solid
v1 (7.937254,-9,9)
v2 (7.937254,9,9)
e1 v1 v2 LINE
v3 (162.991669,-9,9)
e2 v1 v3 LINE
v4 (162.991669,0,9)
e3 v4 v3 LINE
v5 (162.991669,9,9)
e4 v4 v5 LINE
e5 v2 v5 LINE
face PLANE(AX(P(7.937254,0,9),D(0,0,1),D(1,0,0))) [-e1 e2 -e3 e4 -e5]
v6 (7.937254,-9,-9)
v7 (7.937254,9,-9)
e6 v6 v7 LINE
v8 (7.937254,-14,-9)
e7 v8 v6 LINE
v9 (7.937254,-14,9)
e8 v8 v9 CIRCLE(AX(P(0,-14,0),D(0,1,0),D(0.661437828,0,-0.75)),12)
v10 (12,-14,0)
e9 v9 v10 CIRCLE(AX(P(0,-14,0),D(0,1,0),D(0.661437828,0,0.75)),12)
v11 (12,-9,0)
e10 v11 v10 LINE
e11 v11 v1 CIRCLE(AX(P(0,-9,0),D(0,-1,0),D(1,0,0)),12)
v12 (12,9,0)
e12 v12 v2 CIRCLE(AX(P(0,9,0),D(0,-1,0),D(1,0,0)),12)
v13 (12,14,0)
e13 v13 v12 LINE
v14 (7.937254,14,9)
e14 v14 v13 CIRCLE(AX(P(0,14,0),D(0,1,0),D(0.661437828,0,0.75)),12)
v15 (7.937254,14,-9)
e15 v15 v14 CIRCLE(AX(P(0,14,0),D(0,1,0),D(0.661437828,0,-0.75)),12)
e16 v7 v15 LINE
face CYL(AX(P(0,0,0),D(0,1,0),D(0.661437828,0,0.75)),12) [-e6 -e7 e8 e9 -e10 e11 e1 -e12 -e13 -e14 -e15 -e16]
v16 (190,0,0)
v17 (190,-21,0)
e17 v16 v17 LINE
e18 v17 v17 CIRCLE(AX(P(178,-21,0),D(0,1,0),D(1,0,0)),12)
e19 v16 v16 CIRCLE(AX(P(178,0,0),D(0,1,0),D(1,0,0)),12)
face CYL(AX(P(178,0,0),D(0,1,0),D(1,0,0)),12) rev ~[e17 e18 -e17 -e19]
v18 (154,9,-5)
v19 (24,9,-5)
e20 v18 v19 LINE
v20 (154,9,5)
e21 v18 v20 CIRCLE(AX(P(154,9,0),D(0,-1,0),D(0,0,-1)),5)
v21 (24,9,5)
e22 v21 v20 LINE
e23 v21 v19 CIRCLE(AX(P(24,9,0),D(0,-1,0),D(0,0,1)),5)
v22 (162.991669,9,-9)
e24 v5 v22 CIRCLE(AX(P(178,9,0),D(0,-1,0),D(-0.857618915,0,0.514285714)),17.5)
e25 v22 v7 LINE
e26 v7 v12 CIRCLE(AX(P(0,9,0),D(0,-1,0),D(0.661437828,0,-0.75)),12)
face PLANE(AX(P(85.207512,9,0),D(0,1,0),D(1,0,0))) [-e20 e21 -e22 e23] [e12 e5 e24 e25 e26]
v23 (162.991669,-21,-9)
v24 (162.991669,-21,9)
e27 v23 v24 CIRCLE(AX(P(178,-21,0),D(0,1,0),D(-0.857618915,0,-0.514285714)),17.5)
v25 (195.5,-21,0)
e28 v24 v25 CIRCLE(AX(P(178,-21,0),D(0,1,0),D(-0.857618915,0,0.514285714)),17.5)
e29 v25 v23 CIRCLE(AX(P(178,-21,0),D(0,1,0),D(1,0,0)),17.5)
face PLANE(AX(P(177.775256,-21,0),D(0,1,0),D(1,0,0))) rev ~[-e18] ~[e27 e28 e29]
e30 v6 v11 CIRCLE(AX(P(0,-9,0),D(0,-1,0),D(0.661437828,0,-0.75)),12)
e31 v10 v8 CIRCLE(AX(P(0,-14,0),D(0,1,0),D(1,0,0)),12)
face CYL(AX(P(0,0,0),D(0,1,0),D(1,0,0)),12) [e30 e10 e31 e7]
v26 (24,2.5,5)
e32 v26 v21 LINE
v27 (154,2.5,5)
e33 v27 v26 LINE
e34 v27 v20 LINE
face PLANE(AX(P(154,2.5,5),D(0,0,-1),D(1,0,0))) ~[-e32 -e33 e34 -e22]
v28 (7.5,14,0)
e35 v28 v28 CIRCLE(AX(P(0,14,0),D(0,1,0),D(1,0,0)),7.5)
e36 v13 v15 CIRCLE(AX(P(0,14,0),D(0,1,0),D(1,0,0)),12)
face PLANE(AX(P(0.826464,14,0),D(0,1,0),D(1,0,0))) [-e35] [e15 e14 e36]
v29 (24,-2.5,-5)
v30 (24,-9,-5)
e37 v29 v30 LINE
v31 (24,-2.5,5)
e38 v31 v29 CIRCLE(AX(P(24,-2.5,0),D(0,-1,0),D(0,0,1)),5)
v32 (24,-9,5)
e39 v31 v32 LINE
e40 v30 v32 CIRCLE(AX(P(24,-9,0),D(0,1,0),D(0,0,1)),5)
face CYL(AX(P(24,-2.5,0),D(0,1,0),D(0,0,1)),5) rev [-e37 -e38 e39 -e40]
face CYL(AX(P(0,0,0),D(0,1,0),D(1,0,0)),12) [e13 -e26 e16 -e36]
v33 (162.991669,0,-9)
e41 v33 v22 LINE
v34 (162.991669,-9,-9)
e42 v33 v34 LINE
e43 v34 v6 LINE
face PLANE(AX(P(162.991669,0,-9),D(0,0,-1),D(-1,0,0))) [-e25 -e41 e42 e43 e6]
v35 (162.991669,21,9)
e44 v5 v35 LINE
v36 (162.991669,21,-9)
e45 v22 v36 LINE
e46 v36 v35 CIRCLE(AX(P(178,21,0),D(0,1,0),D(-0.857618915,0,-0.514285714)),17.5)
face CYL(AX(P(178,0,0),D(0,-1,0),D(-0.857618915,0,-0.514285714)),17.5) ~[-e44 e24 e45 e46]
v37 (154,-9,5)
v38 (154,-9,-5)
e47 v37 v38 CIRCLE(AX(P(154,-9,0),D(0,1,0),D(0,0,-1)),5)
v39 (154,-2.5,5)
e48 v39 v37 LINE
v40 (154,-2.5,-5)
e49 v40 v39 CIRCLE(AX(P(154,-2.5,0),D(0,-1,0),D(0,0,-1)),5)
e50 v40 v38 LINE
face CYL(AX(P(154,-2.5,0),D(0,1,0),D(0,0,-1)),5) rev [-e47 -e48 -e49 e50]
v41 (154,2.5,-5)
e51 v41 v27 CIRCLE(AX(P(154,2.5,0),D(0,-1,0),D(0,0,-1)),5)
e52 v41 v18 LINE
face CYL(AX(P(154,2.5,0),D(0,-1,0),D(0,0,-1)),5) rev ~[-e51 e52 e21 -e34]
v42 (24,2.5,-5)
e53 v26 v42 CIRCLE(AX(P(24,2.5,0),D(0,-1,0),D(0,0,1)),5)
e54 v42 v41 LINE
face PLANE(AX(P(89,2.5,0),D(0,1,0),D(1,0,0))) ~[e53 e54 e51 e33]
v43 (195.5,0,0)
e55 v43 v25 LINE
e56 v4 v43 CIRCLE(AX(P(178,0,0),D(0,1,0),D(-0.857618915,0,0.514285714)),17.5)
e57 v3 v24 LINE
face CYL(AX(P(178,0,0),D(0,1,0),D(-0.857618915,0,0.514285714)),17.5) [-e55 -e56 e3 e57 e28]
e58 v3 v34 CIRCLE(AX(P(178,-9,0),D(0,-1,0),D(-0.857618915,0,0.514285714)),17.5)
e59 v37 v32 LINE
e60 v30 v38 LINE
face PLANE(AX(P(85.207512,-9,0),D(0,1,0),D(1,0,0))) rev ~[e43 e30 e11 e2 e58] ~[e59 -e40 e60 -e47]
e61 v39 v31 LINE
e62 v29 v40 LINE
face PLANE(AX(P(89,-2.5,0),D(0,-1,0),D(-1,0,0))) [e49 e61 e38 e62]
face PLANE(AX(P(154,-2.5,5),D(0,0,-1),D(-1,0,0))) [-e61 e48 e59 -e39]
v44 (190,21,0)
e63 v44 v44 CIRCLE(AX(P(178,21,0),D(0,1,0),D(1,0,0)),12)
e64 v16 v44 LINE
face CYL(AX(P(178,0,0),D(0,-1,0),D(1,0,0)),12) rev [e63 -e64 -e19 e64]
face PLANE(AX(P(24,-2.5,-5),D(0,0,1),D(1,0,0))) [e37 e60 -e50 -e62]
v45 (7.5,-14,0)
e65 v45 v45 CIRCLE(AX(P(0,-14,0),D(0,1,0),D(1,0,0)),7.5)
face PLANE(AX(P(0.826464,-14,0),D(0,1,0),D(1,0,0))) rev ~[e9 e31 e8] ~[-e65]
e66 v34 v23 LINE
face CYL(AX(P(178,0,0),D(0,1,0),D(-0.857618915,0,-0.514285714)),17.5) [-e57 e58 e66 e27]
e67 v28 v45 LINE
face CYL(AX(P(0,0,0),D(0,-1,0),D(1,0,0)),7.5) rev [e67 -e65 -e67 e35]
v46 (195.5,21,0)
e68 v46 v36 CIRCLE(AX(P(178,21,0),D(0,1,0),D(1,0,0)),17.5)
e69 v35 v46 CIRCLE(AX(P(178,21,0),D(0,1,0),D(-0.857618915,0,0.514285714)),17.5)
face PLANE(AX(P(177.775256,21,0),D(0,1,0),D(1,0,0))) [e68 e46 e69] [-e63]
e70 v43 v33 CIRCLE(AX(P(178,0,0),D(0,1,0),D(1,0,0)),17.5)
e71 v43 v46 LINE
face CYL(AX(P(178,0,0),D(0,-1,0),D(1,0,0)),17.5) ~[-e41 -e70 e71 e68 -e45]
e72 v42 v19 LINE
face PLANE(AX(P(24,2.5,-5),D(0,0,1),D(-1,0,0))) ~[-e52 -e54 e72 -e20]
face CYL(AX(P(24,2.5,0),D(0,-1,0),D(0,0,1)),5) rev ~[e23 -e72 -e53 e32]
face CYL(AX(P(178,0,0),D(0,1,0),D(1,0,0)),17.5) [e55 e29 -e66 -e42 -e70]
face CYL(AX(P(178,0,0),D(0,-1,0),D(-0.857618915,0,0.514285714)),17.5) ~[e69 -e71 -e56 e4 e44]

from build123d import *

# Parameters (mm, degrees)
SKETCH1_R           = 7.5
BOSS_EXTRUDE1_DEPTH = 14
SKETCH1_6_R         = 12
BOSS_EXTRUDE4_DEPTH = 21
BOSS_EXTRUDE5_DEPTH = 9
CUT_EXTRUDE2_START  = -2.5
CUT_EXTRUDE2_DEPTH  = 18


with BuildPart() as part:
    # Sketch1 → Boss-Extrude1 (new, symmetric)
    with BuildSketch(Plane(origin=(0, 0, 0), x_dir=(1, 0, 0), z_dir=(0, 1, 0))):
        with BuildLine():
            ThreePointArc((12, 0), (10.937253933, 4.937253933), (7.937253933, 9))
            ThreePointArc((7.937253933, 9), (-12, 0), (7.937253933, -9))
            ThreePointArc((7.937253933, -9), (10.937253933, -4.937253933), (12, 0))
        make_face()
        Circle(SKETCH1_R, mode=Mode.SUBTRACT)
    extrude(amount=BOSS_EXTRUDE1_DEPTH, both=True)



with BuildPart() as body_2:
    # Sketch1<6> → Boss-Extrude4 (new, symmetric)
    with BuildSketch(Plane(origin=(0, 0, 0), x_dir=(1, 0, 0), z_dir=(0, 1, 0))):
        with BuildLine():
            ThreePointArc((195.5, 0), (182.669272275, 16.865583193), (162.99166898, 9))
            ThreePointArc((162.99166898, 9), (160.5, 0), (162.99166898, -9))
            ThreePointArc((162.99166898, -9), (182.669272275, -16.865583193), (195.5, 0))
        make_face()
        with Locations((178, 0)):
            Circle(SKETCH1_6_R, mode=Mode.SUBTRACT)
    extrude(amount=BOSS_EXTRUDE4_DEPTH, both=True)


with BuildPart() as part_1:
    add(part.part)

    add(body_2.part)  # Boss-Extrude5 merges body 2
    # Sketch1<7> → Boss-Extrude5 (add, symmetric)
    with BuildSketch(Plane(origin=(0, 0, 0), x_dir=(1, 0, 0), z_dir=(0, 1, 0))):
        with BuildLine():
            Line((162.99166898, 9), (7.937253933, 9))
            ThreePointArc((7.937253933, 9), (10.937253933, 4.937253933), (12, 0))
            ThreePointArc((12, 0), (10.937253933, -4.937253933), (7.937253933, -9))
            Line((7.937253933, -9), (162.99166898, -9))
            ThreePointArc((162.99166898, -9), (160.5, 0), (162.99166898, 9))
        make_face()
    extrude(amount=BOSS_EXTRUDE5_DEPTH, both=True)

    # Sketch3 → Cut-Extrude2 (cut)
    with BuildSketch(Plane(origin=(0, 0, 0), x_dir=(1, 0, 0), z_dir=(0, 1, 0)).offset(CUT_EXTRUDE2_START)):
        with BuildLine():
            Line((24, 5), (154, 5))
            ThreePointArc((154, 5), (159, 0), (154, -5))
            Line((154, -5), (24, -5))
            ThreePointArc((24, -5), (19, 0), (24, 5))
        make_face()
    cut_extrude2 = extrude(amount=-CUT_EXTRUDE2_DEPTH, mode=Mode.SUBTRACT)

    # Mirror2: Cut-Extrude2 across plane
    add(cut_extrude2.mirror(Plane.ZX), mode=Mode.SUBTRACT)


solid = part_1.part
